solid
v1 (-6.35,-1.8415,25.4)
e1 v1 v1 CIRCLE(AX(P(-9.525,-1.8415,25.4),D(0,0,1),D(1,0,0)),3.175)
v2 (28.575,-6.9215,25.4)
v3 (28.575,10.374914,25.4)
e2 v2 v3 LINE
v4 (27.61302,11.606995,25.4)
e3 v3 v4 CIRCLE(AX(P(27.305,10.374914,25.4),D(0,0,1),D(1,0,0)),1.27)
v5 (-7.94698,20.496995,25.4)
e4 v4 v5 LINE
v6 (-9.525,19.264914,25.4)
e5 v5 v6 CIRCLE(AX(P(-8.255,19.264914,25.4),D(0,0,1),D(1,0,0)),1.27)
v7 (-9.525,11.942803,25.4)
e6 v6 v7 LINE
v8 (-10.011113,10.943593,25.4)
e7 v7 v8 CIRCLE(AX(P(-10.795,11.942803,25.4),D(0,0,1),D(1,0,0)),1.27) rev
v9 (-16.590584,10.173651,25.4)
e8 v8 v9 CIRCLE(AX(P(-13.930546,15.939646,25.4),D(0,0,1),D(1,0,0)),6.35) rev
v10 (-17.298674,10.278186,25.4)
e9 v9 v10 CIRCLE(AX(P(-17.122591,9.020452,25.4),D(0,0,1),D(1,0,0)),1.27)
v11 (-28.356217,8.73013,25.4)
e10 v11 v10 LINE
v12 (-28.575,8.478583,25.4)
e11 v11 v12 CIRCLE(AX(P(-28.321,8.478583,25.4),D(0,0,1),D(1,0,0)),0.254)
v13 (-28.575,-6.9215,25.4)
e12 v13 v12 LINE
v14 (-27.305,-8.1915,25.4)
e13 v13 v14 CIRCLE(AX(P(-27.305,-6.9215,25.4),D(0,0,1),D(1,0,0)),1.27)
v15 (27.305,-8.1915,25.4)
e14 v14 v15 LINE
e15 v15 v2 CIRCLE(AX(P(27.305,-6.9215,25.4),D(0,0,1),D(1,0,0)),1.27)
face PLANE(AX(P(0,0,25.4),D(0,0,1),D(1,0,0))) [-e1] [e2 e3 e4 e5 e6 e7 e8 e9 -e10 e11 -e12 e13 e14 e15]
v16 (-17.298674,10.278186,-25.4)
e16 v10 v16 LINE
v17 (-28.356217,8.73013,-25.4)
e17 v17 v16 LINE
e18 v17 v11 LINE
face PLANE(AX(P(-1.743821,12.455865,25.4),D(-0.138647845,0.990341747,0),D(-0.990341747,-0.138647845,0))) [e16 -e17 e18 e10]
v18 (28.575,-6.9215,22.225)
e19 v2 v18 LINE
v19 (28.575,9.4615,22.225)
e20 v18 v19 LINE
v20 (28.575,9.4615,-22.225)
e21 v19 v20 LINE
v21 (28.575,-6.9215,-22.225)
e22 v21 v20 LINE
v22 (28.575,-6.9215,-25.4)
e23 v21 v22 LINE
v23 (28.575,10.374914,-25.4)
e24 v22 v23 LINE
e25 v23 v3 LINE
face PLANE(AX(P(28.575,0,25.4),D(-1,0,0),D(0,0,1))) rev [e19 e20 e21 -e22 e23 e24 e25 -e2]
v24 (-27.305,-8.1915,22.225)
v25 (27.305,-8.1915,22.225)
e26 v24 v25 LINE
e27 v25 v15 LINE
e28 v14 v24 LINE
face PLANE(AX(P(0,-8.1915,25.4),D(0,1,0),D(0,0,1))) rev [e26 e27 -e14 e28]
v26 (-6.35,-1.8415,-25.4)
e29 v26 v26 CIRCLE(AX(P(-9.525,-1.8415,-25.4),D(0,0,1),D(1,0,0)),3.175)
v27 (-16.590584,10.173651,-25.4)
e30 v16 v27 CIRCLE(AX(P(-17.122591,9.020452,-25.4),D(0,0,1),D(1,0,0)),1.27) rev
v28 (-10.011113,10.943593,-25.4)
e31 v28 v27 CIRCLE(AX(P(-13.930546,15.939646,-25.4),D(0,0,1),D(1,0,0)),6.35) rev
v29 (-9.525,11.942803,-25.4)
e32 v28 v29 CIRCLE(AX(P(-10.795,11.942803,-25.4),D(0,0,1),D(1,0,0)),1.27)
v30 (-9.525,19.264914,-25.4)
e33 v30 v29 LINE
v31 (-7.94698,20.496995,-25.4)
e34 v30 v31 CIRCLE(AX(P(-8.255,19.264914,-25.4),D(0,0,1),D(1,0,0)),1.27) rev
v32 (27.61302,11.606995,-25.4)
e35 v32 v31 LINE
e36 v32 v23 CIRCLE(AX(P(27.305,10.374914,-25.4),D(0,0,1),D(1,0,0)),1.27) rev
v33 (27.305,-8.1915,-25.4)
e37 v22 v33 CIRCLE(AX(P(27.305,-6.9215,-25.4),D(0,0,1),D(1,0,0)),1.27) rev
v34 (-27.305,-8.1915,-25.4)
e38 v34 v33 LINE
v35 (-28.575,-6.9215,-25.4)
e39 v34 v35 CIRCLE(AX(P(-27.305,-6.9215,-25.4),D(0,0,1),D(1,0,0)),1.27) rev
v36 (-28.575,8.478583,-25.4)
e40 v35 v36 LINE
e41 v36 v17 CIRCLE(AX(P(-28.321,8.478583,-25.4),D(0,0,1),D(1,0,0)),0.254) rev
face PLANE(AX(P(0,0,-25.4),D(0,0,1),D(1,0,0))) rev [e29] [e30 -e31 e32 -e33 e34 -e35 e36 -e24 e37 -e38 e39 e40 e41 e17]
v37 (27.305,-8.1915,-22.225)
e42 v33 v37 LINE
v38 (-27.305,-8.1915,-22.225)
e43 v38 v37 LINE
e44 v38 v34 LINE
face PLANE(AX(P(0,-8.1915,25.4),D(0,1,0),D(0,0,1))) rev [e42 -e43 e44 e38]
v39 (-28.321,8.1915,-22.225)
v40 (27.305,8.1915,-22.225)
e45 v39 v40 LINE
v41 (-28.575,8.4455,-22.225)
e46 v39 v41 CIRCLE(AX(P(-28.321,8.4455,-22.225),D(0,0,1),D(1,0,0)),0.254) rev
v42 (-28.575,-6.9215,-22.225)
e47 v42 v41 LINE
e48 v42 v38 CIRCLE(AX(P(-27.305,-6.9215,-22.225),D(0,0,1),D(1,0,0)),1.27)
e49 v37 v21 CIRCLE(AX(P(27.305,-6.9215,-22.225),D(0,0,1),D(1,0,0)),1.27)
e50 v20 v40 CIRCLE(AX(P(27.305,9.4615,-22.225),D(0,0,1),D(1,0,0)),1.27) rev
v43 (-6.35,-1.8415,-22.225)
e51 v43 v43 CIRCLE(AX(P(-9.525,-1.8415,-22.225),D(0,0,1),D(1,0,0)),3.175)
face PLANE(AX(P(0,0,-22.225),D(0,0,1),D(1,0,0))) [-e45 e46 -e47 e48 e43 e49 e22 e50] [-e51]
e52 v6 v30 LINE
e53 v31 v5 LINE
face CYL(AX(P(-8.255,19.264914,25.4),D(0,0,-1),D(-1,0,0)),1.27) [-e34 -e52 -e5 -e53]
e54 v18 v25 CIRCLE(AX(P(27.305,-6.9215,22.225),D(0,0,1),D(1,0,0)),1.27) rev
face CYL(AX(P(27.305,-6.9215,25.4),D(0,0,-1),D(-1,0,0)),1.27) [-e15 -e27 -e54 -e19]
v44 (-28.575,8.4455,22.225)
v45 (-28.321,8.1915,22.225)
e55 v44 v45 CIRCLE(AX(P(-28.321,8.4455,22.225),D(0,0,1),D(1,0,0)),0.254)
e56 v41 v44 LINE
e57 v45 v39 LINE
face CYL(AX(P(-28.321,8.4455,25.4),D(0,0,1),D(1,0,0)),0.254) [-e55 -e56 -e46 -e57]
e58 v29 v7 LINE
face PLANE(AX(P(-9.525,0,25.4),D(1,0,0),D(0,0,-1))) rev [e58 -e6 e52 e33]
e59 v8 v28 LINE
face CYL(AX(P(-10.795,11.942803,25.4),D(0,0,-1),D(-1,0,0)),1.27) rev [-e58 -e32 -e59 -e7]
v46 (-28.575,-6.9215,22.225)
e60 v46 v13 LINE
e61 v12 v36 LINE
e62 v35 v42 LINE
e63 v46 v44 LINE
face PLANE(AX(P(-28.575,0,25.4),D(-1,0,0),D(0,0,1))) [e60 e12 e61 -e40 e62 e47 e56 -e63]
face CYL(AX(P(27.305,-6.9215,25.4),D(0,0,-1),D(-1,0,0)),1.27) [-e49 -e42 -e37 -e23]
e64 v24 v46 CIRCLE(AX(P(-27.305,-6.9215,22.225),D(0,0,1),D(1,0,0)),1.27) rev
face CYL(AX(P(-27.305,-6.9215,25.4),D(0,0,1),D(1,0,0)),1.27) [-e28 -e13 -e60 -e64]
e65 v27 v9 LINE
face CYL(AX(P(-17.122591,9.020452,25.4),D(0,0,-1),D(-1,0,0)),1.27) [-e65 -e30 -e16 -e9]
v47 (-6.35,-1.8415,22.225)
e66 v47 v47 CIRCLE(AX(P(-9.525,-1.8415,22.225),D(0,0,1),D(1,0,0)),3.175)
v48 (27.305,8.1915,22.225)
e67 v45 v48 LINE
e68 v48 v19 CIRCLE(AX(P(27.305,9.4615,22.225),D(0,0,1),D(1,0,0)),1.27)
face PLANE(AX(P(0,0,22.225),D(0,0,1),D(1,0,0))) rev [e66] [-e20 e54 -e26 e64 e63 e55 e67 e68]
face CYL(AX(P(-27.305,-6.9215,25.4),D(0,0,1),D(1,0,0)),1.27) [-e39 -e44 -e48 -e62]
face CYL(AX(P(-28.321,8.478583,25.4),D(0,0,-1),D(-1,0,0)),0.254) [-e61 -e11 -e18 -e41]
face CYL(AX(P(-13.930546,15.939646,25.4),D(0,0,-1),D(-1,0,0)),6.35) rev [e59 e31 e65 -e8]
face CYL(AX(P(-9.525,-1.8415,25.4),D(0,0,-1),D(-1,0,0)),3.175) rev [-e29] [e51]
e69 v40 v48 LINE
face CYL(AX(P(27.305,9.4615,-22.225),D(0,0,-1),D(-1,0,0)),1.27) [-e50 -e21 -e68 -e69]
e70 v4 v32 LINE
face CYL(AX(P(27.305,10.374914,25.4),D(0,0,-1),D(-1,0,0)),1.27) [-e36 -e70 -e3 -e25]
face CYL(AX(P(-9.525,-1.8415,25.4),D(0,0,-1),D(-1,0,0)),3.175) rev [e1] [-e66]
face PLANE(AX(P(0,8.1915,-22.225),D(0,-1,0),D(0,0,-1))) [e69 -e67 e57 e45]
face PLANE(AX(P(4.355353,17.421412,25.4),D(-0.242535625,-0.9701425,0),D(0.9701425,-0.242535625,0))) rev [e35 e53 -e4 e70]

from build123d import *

# Parameters (mm, degrees)
SKETCH1_R           = 3.175
BOSS_EXTRUDE1_DEPTH = 25.4
SKETCH1_4_W         = 57.15
SKETCH1_4_H         = 16.383
SKETCH1_4_R         = 3.175
CUT_EXTRUDE1_DEPTH  = 22.225
FILLET2_R           = 1.27
FILLET3_R           = 0.254


with BuildPart() as part:
    # Sketch1 → Boss-Extrude1 (new, symmetric)
    with BuildSketch(Plane.XY):
        with BuildLine():
            Line((-9.525, 20.8915), (-9.525, 11.3665))
            ThreePointArc((-9.525, 11.3665), (-13.050132349, 9.650975764), (-16.910848847, 10.332481161))
            Line((-16.910848847, 10.332481161), (-28.575, 8.6995))
            Line((-28.575, 8.6995), (-28.575, -8.1915))
            Line((-28.575, -8.1915), (28.575, -8.1915))
            Line((28.575, -8.1915), (28.575, 11.3665))
            Line((28.575, 11.3665), (-9.525, 20.8915))
        make_face()
        with Locations((-9.525, -1.8415)):
            Circle(SKETCH1_R, mode=Mode.SUBTRACT)
    extrude(amount=BOSS_EXTRUDE1_DEPTH, both=True)

    # Sketch1<4> → Cut-Extrude1 (cut, symmetric)
    with BuildSketch(Plane.XY):
        Rectangle(SKETCH1_4_W, SKETCH1_4_H)
        with Locations((-9.525, -1.8415)):
            Circle(SKETCH1_4_R, mode=Mode.SUBTRACT)
    extrude(amount=CUT_EXTRUDE1_DEPTH, both=True, mode=Mode.SUBTRACT)

    # Fillet2
    fillet2_edges = [part.edges().sort_by_distance(p)[0] for p in [
        (28.575, 8.1915, 0),
        (28.575, 11.3665, 0),
        (-9.525, 20.8915, 0),
        (-28.575, -8.1915, 23.8125),
        (-28.575, -8.1915, -23.8125),
        (28.575, -8.1915, -23.8125),
        (28.575, -8.1915, 23.8125),
        (-16.910848847, 10.332481161, 0),
        (-9.525, 11.3665, 0),
    ]]
    fillet(fillet2_edges, radius=FILLET2_R)

    # Fillet3
    fillet3_edges = [part.edges().sort_by_distance(p)[0] for p in [
        (-28.575, 8.1915, 0),
        (-28.575, 8.6995, 0),
    ]]
    fillet(fillet3_edges, radius=FILLET3_R)


solid = part.part
